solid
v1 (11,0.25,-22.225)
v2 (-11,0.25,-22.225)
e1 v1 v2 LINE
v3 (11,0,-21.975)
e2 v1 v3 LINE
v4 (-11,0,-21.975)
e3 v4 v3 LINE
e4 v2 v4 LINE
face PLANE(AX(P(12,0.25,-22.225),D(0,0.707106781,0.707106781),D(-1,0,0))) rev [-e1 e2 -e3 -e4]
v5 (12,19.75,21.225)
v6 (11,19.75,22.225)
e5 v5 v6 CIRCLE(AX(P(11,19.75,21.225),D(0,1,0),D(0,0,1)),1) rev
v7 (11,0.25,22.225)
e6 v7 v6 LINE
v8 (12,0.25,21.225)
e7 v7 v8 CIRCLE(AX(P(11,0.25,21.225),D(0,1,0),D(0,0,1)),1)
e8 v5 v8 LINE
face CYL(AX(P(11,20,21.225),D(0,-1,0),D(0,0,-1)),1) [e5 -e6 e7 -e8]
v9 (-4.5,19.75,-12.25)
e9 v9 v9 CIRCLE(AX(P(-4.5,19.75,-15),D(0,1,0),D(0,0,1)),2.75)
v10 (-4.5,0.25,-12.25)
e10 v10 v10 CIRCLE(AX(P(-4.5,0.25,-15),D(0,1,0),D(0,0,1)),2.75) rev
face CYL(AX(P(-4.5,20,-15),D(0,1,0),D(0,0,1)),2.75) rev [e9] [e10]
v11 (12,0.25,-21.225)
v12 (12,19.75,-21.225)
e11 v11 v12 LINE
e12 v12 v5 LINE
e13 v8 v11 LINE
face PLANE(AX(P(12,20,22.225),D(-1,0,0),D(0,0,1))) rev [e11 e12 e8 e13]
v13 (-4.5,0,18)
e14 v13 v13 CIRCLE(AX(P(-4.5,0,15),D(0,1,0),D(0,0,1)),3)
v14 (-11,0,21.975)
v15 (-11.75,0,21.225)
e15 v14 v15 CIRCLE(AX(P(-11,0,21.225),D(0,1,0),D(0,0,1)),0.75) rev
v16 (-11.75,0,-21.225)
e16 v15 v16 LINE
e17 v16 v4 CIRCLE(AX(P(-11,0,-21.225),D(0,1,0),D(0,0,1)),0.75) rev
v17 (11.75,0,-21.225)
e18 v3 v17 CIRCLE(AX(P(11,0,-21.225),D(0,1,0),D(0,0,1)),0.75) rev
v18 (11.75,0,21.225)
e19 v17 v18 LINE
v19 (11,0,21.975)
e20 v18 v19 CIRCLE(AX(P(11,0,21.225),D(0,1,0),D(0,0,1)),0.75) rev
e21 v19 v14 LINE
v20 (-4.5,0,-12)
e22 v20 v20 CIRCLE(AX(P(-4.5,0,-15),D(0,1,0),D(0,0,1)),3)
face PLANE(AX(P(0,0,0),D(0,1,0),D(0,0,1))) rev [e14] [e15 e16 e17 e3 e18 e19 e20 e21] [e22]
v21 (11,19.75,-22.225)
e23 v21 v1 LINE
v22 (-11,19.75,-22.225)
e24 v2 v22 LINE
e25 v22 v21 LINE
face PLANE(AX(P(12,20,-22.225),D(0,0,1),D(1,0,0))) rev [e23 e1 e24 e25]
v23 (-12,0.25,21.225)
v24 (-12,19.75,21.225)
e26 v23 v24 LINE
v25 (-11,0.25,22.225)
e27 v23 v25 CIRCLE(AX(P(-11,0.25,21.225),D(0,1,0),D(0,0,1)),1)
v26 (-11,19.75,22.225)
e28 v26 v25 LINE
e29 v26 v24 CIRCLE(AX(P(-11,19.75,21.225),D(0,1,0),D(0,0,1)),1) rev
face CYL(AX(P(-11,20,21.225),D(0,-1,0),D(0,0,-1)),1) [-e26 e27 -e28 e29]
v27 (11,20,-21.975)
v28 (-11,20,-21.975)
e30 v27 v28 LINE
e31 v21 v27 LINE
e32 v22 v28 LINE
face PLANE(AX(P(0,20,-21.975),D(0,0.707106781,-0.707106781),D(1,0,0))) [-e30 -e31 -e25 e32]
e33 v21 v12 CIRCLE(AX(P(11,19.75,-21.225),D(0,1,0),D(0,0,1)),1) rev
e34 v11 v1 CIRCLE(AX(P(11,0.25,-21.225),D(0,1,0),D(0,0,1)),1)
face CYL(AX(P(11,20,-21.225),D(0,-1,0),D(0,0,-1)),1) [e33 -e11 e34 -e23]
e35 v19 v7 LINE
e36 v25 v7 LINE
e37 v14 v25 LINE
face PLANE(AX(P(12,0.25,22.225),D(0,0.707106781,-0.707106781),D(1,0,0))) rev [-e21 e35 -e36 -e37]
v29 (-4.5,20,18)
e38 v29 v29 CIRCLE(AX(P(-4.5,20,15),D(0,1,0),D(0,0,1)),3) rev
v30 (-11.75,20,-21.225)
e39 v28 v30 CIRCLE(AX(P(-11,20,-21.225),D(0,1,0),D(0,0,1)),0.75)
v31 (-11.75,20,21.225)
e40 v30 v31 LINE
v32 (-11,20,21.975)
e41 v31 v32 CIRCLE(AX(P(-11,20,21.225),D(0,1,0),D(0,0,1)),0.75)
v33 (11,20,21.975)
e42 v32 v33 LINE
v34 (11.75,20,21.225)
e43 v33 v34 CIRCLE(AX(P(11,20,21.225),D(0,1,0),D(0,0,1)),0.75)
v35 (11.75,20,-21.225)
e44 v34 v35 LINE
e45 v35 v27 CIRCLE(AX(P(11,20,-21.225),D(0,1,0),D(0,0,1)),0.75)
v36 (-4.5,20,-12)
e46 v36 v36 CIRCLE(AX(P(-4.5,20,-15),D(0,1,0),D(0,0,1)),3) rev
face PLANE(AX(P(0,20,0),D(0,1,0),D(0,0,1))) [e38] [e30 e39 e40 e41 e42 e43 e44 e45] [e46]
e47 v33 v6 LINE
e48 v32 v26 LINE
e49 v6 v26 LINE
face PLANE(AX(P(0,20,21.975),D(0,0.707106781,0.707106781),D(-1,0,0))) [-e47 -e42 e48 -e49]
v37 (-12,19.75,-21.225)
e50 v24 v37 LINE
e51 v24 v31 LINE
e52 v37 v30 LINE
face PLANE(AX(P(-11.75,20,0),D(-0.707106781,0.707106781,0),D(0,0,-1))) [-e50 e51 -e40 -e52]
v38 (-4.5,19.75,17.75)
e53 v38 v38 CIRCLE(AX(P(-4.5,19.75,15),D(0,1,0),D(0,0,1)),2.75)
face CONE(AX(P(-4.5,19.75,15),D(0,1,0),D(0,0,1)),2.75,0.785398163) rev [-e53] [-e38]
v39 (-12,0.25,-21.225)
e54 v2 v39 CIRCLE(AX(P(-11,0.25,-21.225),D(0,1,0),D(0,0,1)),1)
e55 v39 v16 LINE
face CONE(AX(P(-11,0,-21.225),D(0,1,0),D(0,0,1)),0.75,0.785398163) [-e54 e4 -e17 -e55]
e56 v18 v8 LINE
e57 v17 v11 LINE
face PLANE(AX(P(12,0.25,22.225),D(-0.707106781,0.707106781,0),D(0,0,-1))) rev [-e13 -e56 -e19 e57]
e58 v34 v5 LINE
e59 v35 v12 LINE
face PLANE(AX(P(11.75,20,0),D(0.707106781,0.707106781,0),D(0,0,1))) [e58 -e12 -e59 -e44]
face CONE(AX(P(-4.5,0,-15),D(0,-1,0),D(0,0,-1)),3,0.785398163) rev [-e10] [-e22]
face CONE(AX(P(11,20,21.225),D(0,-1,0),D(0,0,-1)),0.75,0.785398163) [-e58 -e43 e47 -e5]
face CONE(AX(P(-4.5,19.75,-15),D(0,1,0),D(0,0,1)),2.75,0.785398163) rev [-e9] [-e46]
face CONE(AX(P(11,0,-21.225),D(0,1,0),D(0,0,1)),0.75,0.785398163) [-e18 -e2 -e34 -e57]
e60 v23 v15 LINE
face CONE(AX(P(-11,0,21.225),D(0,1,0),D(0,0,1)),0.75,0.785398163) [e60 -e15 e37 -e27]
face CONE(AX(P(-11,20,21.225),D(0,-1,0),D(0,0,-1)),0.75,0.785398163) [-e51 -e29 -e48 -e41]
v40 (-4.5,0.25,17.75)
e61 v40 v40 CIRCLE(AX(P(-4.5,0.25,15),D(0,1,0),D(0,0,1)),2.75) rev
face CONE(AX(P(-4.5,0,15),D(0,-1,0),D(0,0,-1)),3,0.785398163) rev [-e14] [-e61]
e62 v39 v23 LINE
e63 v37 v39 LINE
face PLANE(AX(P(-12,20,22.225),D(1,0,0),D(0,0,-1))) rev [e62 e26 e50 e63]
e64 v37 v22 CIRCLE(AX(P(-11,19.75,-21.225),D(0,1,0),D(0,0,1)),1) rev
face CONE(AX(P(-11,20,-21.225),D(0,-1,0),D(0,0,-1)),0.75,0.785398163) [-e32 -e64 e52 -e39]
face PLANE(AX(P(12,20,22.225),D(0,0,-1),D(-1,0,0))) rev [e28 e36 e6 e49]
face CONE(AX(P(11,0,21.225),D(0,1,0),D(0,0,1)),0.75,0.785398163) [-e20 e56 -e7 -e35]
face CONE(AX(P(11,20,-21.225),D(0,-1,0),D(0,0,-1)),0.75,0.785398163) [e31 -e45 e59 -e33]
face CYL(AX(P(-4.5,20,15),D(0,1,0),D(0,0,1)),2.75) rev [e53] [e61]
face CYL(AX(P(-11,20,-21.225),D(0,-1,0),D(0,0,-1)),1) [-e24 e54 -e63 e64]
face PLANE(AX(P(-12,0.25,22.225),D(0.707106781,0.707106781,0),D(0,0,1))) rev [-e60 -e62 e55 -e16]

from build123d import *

# Parameters (mm, degrees)
SKETCH1_W            = 24
SKETCH1_H            = 44.45
BOSS_EXTRUDE1_DEPTH  = 20
M5_CLEARANCE_HOLE1_D = 5.5
BOSS_EXTRUDE2_START  = -20
SKETCH4_R            = 2.75
BOSS_EXTRUDE2_DEPTH  = 20
FILLET1_R            = 1
CHAMFER1_SIZE        = 0.25


with BuildPart() as part:
    # Sketch1 → Boss-Extrude1 (new body)
    with BuildSketch(Plane(origin=(0, 0, 0), x_dir=(1, 0, 0), z_dir=(0, 1, 0))):
        Rectangle(SKETCH1_W, SKETCH1_H)
    extrude(amount=BOSS_EXTRUDE1_DEPTH)

    # M5 Clearance Hole1 (through all)
    with Locations(Plane(origin=(0, 20, 0), x_dir=(1, 0, 0), z_dir=(0, 1, 0))):
        with Locations((-4.5, 15), (-4.5, -15), (-4.5, 0)):
            Hole(M5_CLEARANCE_HOLE1_D / 2)

    # Sketch4 → Boss-Extrude2 (add)
    with BuildSketch(Plane(origin=(0, 20, 0), x_dir=(1, 0, 0), z_dir=(0, 1, 0)).offset(BOSS_EXTRUDE2_START)):
        with Locations((-4.5, 0)):
            Circle(SKETCH4_R)
    extrude(amount=BOSS_EXTRUDE2_DEPTH)

    # Fillet1
    fillet1_edges = [part.edges().sort_by_distance(p)[0] for p in [
        (-12, 10, -22.225),
        (12, 10, -22.225),
        (12, 10, 22.225),
        (-12, 10, 22.225),
    ]]
    fillet(fillet1_edges, radius=FILLET1_R)

    # Chamfer1
    chamfer1_edges = [part.edges().sort_by_distance(p)[0] for p in [
        (-1.75, 20, 15),
        (-1.75, 0, 15),
        (-1.75, 20, -15),
        (-1.75, 0, -15),
        (-12, 0, 0),
        (-12, 20, 0),
        (0, 0, -22.225),
        (12, 0, 0),
        (0, 0, 22.225),
        (-11.707106781, 0, 21.932106781),
        (11.707106781, 0, 21.932106781),
        (11.707106781, 0, -21.932106781),
        (-11.707106781, 0, -21.932106781),
        (0, 20, -22.225),
        (0, 20, 22.225),
        (12, 20, 0),
        (-11.707106781, 20, 21.932106781),
        (11.707106781, 20, 21.932106781),
        (11.707106781, 20, -21.932106781),
        (-11.707106781, 20, -21.932106781),
    ]]
    chamfer(chamfer1_edges, length=CHAMFER1_SIZE)


solid = part.part
